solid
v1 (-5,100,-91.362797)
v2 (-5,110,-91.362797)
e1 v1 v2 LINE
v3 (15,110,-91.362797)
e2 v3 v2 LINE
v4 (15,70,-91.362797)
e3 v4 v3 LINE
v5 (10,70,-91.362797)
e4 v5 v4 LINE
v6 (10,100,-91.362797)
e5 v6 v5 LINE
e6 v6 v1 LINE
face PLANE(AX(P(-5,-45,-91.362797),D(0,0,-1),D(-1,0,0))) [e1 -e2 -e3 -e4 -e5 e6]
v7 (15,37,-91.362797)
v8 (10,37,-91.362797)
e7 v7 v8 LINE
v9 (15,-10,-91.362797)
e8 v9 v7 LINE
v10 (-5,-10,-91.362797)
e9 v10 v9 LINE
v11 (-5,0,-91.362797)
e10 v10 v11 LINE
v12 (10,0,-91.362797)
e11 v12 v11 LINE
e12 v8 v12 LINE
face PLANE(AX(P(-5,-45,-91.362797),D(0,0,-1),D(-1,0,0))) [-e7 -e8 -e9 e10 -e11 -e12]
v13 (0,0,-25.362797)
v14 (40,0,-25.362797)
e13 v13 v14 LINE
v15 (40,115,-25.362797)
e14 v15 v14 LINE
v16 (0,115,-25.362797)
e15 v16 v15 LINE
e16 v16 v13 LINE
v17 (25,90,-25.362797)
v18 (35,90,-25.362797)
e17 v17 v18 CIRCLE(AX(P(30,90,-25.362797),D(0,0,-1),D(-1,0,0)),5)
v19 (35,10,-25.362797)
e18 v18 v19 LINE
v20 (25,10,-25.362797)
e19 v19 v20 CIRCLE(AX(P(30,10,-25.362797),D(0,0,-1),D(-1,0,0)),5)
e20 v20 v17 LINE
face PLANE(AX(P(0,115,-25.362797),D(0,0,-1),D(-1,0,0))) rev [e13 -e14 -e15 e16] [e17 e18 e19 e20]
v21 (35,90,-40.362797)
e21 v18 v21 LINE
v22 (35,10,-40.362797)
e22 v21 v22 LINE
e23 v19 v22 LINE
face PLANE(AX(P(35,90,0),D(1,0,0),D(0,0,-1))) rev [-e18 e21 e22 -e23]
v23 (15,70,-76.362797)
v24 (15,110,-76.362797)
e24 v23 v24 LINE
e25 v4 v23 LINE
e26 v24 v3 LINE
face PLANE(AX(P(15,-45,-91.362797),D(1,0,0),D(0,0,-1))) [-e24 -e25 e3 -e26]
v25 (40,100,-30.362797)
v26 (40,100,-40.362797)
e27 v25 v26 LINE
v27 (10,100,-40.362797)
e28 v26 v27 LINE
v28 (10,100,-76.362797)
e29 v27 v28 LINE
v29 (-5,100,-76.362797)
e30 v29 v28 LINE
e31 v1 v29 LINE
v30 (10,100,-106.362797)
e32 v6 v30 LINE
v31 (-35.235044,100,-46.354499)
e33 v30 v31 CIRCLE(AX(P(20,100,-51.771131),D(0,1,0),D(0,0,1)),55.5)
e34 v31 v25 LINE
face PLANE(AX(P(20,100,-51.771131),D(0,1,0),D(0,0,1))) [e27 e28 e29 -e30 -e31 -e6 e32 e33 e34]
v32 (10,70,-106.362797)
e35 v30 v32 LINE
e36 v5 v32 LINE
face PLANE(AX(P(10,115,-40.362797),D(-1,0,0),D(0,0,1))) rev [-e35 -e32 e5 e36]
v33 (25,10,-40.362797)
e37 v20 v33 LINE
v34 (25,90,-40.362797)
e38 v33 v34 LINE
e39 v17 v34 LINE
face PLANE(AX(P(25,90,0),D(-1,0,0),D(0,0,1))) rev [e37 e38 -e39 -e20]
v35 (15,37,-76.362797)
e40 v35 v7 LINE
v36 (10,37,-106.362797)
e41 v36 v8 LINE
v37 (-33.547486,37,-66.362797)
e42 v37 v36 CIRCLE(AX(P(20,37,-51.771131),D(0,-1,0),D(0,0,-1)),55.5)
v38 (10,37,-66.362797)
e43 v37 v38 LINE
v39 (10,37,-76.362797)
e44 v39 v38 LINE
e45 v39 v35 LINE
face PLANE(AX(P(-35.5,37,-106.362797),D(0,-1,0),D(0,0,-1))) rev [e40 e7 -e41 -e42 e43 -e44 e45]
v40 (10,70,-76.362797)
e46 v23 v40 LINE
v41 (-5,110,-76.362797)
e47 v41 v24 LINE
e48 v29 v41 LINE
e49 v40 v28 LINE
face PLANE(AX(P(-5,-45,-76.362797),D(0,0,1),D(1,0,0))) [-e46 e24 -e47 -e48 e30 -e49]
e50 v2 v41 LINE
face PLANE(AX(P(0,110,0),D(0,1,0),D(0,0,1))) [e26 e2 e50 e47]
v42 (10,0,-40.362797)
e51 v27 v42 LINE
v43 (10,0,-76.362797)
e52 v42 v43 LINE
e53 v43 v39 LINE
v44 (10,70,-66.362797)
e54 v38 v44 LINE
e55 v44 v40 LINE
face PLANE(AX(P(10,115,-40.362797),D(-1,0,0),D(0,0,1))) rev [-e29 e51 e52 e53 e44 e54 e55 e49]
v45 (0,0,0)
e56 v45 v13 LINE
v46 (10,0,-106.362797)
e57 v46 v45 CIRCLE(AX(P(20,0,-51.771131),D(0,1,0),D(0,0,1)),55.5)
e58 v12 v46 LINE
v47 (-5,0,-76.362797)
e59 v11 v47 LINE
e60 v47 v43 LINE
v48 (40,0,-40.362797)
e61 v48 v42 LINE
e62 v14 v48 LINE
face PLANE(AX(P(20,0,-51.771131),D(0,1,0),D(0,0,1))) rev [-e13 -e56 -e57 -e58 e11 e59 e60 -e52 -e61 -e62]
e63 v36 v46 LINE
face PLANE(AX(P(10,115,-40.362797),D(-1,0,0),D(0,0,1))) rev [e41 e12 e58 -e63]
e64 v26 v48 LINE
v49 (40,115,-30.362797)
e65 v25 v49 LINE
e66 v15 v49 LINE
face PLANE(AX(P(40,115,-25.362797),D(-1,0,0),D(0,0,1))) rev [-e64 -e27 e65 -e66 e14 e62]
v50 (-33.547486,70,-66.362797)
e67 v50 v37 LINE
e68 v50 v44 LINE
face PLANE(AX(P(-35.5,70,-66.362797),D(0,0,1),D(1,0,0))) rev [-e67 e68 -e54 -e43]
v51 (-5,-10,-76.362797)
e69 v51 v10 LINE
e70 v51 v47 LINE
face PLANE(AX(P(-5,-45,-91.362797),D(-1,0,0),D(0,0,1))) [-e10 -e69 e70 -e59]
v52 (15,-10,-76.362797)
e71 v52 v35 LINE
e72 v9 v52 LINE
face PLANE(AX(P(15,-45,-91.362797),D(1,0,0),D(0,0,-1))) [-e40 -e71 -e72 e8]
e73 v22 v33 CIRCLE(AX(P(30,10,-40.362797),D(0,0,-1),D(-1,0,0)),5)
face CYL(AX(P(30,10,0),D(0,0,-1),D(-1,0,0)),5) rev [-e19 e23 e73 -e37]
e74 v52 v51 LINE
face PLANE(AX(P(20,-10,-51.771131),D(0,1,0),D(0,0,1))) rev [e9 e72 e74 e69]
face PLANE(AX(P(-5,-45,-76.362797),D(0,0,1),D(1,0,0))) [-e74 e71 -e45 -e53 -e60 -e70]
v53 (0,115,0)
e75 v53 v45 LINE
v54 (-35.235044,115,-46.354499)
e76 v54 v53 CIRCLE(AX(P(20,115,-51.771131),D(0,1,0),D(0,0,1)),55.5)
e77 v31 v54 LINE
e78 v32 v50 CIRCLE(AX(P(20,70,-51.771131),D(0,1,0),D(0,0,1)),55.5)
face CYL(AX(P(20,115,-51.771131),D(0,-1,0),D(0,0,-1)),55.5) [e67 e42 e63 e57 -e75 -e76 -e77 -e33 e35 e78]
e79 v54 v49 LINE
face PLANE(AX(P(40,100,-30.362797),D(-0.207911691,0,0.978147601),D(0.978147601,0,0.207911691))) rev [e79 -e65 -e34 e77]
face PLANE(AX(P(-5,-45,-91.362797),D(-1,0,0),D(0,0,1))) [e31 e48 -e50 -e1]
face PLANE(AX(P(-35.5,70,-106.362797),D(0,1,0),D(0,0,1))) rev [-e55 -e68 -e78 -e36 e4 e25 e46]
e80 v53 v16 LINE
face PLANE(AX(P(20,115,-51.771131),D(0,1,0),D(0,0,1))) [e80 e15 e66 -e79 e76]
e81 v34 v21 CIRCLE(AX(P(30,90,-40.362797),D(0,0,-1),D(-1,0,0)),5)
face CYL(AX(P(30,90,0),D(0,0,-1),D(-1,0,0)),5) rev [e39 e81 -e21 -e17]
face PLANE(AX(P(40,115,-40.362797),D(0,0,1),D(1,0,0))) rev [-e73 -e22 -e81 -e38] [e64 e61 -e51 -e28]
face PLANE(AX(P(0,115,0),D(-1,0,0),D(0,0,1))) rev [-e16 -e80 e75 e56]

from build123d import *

# Parameters (mm, degrees)
BOSS_EXTRUDE1_DEPTH = 115
CUT_EXTRUDE1_START  = -15
CUT_EXTRUDE1_DEPTH  = 15
BOSS_EXTRUDE2_START = -110
SKETCH3_W           = 20
SKETCH3_H           = 15
BOSS_EXTRUDE2_DEPTH = 120
SKETCH5_W           = 40
SKETCH5_H           = 33
CUT_EXTRUDE2_DEPTH  = 165.585219816
CUT_EXTRUDE3_DEPTH  = 139.495487291


with BuildPart() as part:
    # Sketch1 → Boss-Extrude1 (new body)
    with BuildSketch(Plane(origin=(0, 0, 0), x_dir=(1, 0, 0), z_dir=(0, 1, 0))):
        with BuildLine():
            Line((0, 0), (0, 25.362796982))
            Line((0, 25.362796982), (40, 25.362796982))
            Line((40, 25.362796982), (40, 40.362796982))
            Line((40, 40.362796982), (10, 40.362796982))
            Line((10, 40.362796982), (10, 106.362796982))
            ThreePointArc((10, 106.362796982), (-35.256322222, 56.96621079), (0, 0))
        make_face()
    extrude(amount=BOSS_EXTRUDE1_DEPTH)

    # Sketch2 → Cut-Extrude1 (cut)
    with BuildSketch(Plane(origin=(0, 115, 0), x_dir=(1, 0, 0), z_dir=(0, 1, 0)).offset(CUT_EXTRUDE1_START)):
        with BuildLine():
            Line((40, 30.362796982), (-35.235044142, 46.354499282))
            ThreePointArc((-35.235044142, 46.354499282), (-24.318751046, 85.179188449), (10, 106.362796982))
            Line((10, 106.362796982), (10, 40.362796982))
            Line((10, 40.362796982), (40, 40.362796982))
            Line((40, 40.362796982), (40, 30.362796982))
        make_face()
    extrude(amount=CUT_EXTRUDE1_DEPTH, mode=Mode.SUBTRACT)

    # Sketch3 → Boss-Extrude2 (add)
    with BuildSketch(Plane(origin=(0, 100, 0), x_dir=(1, 0, 0), z_dir=(0, 1, 0)).offset(BOSS_EXTRUDE2_START)):
        with Locations((5, 83.862796982)):
            Rectangle(SKETCH3_W, SKETCH3_H)
    extrude(amount=BOSS_EXTRUDE2_DEPTH)

    # Sketch5 → Cut-Extrude2 (cut, through all)
    with BuildSketch(Plane(origin=(15, 0, 0), x_dir=(0, 0, -1), z_dir=(1, 0, 0))):
        with Locations((86.362796982, 53.5)):
            Rectangle(SKETCH5_W, SKETCH5_H)
    extrude(amount=-CUT_EXTRUDE2_DEPTH, mode=Mode.SUBTRACT)

    # Sketch6 → Cut-Extrude3 (cut, through all)
    with BuildSketch(Plane(origin=(0, 0, -40.362796982), x_dir=(-1, 0, 0), z_dir=(0, 0, -1))):
        with BuildLine():
            Line((-25, 90), (-25, 10))
            ThreePointArc((-25, 10), (-30, 5), (-35, 10))
            Line((-35, 10), (-35, 90))
            ThreePointArc((-35, 90), (-30, 95), (-25, 90))
        make_face()
    extrude(amount=-CUT_EXTRUDE3_DEPTH, mode=Mode.SUBTRACT)


solid = part.part
